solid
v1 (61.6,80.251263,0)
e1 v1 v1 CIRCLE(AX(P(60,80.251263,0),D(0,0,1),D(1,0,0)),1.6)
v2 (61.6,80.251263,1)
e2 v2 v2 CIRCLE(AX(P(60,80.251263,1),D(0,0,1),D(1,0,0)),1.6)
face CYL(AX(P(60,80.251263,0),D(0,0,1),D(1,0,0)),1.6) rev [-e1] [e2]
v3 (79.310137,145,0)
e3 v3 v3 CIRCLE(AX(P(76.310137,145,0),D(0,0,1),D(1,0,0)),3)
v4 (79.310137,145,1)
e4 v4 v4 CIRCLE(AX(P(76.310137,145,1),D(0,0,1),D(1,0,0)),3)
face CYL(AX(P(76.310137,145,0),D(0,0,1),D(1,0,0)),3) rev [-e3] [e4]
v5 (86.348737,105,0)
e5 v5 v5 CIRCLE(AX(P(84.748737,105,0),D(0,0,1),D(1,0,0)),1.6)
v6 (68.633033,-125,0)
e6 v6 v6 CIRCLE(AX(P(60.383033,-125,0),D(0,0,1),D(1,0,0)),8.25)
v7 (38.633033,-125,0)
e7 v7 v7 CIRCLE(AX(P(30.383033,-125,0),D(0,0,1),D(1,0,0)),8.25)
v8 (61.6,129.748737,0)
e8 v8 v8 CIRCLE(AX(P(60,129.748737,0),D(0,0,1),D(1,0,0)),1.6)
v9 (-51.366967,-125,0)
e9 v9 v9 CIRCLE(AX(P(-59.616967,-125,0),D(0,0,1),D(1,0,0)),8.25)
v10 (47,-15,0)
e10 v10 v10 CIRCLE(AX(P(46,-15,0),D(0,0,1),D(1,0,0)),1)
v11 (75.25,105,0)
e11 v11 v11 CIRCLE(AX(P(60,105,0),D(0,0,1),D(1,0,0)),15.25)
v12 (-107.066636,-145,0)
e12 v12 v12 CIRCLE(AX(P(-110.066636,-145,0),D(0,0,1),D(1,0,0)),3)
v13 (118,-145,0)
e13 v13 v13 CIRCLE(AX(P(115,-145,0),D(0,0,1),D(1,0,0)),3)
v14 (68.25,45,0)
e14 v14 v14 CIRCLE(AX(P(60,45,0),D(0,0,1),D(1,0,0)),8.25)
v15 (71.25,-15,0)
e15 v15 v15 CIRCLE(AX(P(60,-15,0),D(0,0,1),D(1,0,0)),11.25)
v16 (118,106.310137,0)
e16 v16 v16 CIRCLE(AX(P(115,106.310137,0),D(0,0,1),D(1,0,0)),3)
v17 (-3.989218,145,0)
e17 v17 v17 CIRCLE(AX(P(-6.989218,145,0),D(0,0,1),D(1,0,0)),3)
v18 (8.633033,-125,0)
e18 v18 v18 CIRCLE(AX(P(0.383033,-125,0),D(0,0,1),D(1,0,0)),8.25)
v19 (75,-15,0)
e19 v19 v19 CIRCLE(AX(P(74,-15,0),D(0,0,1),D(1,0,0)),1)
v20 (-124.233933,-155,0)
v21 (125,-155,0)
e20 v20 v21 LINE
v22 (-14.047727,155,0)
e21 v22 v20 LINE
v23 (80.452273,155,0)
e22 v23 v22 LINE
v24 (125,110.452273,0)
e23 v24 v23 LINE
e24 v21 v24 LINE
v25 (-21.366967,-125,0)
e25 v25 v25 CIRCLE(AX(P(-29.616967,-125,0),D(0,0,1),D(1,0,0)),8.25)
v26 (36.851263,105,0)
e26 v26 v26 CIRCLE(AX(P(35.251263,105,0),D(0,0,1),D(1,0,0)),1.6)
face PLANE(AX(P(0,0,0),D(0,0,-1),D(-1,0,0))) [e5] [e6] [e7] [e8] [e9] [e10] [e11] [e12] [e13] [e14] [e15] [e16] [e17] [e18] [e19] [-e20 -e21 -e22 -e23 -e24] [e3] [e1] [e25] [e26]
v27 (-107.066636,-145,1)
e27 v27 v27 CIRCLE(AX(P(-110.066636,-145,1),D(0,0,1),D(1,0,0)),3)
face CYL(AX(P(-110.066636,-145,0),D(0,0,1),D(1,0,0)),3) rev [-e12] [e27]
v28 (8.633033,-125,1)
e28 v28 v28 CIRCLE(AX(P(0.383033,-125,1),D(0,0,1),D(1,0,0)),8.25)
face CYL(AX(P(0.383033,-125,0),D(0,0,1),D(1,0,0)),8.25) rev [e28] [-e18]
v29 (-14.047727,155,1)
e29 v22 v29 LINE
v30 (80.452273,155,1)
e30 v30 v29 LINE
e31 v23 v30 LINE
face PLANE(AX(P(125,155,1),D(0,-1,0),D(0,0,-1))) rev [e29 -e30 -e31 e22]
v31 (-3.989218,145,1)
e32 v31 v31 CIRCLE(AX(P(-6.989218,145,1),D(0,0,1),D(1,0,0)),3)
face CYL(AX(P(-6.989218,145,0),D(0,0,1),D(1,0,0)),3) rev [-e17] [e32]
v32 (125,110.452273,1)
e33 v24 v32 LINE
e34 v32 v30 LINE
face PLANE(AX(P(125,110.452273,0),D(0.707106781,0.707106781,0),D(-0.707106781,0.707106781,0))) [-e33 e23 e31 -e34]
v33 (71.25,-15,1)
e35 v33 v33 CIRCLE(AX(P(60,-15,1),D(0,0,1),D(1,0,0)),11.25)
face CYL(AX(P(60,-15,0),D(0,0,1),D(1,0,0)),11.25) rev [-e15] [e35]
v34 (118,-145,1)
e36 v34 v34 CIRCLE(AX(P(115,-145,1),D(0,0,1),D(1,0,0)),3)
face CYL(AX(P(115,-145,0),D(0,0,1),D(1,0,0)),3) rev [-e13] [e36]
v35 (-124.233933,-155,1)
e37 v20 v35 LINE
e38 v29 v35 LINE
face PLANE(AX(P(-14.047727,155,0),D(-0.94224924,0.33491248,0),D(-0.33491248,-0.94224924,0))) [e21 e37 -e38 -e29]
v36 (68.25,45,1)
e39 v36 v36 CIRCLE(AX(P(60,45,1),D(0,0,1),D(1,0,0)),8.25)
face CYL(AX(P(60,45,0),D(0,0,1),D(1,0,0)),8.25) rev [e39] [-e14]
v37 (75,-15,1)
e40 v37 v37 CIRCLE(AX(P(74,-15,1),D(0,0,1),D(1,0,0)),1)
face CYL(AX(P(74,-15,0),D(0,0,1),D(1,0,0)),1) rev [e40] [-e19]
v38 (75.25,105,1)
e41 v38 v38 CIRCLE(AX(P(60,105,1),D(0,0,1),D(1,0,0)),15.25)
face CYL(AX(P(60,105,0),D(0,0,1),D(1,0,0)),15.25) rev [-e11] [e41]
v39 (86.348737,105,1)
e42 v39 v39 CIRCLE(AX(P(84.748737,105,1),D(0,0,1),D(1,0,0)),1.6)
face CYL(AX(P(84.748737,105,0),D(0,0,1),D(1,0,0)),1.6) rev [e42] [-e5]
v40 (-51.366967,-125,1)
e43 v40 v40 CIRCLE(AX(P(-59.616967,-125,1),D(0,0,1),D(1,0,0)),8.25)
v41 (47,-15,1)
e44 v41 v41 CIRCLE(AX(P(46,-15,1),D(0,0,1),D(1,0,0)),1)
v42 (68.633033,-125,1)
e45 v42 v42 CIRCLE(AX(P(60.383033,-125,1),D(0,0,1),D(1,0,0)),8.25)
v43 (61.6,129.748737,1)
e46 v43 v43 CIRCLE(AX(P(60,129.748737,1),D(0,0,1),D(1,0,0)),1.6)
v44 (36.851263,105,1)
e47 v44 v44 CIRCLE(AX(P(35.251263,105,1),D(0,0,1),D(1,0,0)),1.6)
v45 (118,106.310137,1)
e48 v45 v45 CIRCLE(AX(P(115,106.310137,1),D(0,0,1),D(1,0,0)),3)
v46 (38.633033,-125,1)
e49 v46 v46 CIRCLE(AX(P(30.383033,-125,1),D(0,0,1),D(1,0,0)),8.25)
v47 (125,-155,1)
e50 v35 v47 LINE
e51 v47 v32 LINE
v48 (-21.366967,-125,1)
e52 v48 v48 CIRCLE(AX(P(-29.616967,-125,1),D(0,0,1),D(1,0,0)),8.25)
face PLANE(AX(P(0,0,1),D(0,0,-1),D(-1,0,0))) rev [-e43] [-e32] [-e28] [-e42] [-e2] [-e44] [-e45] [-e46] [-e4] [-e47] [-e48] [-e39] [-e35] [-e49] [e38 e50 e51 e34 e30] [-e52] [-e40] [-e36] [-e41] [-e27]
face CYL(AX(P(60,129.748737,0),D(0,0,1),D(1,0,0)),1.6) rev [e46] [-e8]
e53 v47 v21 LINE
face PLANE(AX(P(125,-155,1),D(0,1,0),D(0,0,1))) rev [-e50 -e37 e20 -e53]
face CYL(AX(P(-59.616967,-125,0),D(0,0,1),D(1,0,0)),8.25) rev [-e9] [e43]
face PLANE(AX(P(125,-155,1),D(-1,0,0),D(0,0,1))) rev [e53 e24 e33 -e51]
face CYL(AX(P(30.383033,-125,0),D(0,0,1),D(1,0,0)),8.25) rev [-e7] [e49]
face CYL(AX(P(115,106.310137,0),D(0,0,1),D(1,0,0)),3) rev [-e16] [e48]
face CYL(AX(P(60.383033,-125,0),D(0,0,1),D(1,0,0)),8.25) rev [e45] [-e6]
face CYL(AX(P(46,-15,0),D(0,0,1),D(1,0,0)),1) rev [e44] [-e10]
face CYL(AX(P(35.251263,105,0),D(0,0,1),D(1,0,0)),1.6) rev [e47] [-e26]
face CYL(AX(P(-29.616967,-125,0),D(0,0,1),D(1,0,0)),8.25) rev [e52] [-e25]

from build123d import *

# Parameters (mm, degrees)
SKETCH1_W           = 310
SKETCH1_H           = 250
BOSS_EXTRUDE1_DEPTH = 1
SKETCH2_OUTSIDE_W   = 391.65
SKETCH2_OUTSIDE_H   = 331.65
CUT_EXTRUDE1_DEPTH  = 200.125588511
SKETCH3_R           = 15.25
SKETCH3_R_2         = 8.25
SKETCH3_R_3         = 11.25
SKETCH3_R_4         = 1.6
SKETCH3_R_5         = 1
CUT_EXTRUDE2_DEPTH  = 200.125588511
SKETCH4_R           = 8.25
CUT_EXTRUDE3_DEPTH  = 200.125588511
SKETCH5_R           = 3
CUT_EXTRUDE4_DEPTH  = 200.125588511


with BuildPart() as part:
    # Sketch1 → Boss-Extrude1 (new body)
    with BuildSketch(Plane(origin=(0, 0, 0), x_dir=(0, 1, 0), z_dir=(0, 0, 1))):
        Rectangle(SKETCH1_W, SKETCH1_H)
    extrude(amount=BOSS_EXTRUDE1_DEPTH)

    # Sketch2 outside → Cut-Extrude1 (cut, through all)
    with BuildSketch(Plane(origin=(0, 0, 1), x_dir=(0, -1, 0), z_dir=(0, 0, 1))):
        Rectangle(SKETCH2_OUTSIDE_W, SKETCH2_OUTSIDE_H)
        Polygon((-155, -14.047727215), (155, -124.233933248), (155, 125), (-110.452272785, 125), (-155, 80.452272785), align=None, mode=Mode.SUBTRACT)
    extrude(amount=-CUT_EXTRUDE1_DEPTH, mode=Mode.SUBTRACT)

    # Sketch3 → Cut-Extrude2 (cut, through all)
    with BuildSketch(Plane(origin=(0, 0, 1), x_dir=(0, -1, 0), z_dir=(0, 0, 1))):
        with Locations(Location((-105, 60, 0), (0, 0, 90))):
            Circle(SKETCH3_R)
        with Locations(Location((-45, 60, 0), (0, 0, 90))):
            Circle(SKETCH3_R_2)
        with Locations(Location((15, 60, 0), (0, 0, 90))):
            Circle(SKETCH3_R_3)
        with Locations(Location((-105, 35.251262658, 0), (0, 0, 90))):
            Circle(SKETCH3_R_4)
        with Locations(Location((-129.748737342, 60, 0), (0, 0, 90))):
            Circle(SKETCH3_R_4)
        with Locations(Location((-105, 84.748737342, 0), (0, 0, 90))):
            Circle(SKETCH3_R_4)
        with Locations(Location((-80.251262658, 60, 0), (0, 0, 90))):
            Circle(SKETCH3_R_4)
        with Locations(Location((15, 74, 0), (0, 0, 90))):
            Circle(SKETCH3_R_5)
        with Locations(Location((15, 46, 0), (0, 0, 90))):
            Circle(SKETCH3_R_5)
    extrude(amount=-CUT_EXTRUDE2_DEPTH, mode=Mode.SUBTRACT)

    # Sketch4 → Cut-Extrude3 (cut, through all)
    with BuildSketch(Plane(origin=(0, 0, 1), x_dir=(0, -1, 0), z_dir=(0, 0, 1))):
        with Locations(Location((125, -59.616966624, 0), (0, 0, 90))):
            Circle(SKETCH4_R)
        with Locations(Location((125, -29.616966624, 0), (0, 0, 90))):
            Circle(SKETCH4_R)
        with Locations(Location((125, 0.383033376, 0), (0, 0, 90))):
            Circle(SKETCH4_R)
        with Locations(Location((125, 30.383033376, 0), (0, 0, 90))):
            Circle(SKETCH4_R)
        with Locations(Location((125, 60.383033376, 0), (0, 0, 90))):
            Circle(SKETCH4_R)
    extrude(amount=-CUT_EXTRUDE3_DEPTH, mode=Mode.SUBTRACT)

    # Sketch5 → Cut-Extrude4 (cut, through all)
    with BuildSketch(Plane(origin=(0, 0, 1), x_dir=(0, -1, 0), z_dir=(0, 0, 1))):
        with Locations(Location((145, -110.066636279, 0), (0, 0, 90))):
            Circle(SKETCH5_R)
        with Locations(Location((-145, -6.989217732, 0), (0, 0, 90))):
            Circle(SKETCH5_R)
        with Locations(Location((-145, 76.310137162, 0), (0, 0, 90))):
            Circle(SKETCH5_R)
        with Locations(Location((145, 115, 0), (0, 0, 90))):
            Circle(SKETCH5_R)
        with Locations(Location((-106.310137162, 115, 0), (0, 0, 90))):
            Circle(SKETCH5_R)
    extrude(amount=-CUT_EXTRUDE4_DEPTH, mode=Mode.SUBTRACT)


solid = part.part
